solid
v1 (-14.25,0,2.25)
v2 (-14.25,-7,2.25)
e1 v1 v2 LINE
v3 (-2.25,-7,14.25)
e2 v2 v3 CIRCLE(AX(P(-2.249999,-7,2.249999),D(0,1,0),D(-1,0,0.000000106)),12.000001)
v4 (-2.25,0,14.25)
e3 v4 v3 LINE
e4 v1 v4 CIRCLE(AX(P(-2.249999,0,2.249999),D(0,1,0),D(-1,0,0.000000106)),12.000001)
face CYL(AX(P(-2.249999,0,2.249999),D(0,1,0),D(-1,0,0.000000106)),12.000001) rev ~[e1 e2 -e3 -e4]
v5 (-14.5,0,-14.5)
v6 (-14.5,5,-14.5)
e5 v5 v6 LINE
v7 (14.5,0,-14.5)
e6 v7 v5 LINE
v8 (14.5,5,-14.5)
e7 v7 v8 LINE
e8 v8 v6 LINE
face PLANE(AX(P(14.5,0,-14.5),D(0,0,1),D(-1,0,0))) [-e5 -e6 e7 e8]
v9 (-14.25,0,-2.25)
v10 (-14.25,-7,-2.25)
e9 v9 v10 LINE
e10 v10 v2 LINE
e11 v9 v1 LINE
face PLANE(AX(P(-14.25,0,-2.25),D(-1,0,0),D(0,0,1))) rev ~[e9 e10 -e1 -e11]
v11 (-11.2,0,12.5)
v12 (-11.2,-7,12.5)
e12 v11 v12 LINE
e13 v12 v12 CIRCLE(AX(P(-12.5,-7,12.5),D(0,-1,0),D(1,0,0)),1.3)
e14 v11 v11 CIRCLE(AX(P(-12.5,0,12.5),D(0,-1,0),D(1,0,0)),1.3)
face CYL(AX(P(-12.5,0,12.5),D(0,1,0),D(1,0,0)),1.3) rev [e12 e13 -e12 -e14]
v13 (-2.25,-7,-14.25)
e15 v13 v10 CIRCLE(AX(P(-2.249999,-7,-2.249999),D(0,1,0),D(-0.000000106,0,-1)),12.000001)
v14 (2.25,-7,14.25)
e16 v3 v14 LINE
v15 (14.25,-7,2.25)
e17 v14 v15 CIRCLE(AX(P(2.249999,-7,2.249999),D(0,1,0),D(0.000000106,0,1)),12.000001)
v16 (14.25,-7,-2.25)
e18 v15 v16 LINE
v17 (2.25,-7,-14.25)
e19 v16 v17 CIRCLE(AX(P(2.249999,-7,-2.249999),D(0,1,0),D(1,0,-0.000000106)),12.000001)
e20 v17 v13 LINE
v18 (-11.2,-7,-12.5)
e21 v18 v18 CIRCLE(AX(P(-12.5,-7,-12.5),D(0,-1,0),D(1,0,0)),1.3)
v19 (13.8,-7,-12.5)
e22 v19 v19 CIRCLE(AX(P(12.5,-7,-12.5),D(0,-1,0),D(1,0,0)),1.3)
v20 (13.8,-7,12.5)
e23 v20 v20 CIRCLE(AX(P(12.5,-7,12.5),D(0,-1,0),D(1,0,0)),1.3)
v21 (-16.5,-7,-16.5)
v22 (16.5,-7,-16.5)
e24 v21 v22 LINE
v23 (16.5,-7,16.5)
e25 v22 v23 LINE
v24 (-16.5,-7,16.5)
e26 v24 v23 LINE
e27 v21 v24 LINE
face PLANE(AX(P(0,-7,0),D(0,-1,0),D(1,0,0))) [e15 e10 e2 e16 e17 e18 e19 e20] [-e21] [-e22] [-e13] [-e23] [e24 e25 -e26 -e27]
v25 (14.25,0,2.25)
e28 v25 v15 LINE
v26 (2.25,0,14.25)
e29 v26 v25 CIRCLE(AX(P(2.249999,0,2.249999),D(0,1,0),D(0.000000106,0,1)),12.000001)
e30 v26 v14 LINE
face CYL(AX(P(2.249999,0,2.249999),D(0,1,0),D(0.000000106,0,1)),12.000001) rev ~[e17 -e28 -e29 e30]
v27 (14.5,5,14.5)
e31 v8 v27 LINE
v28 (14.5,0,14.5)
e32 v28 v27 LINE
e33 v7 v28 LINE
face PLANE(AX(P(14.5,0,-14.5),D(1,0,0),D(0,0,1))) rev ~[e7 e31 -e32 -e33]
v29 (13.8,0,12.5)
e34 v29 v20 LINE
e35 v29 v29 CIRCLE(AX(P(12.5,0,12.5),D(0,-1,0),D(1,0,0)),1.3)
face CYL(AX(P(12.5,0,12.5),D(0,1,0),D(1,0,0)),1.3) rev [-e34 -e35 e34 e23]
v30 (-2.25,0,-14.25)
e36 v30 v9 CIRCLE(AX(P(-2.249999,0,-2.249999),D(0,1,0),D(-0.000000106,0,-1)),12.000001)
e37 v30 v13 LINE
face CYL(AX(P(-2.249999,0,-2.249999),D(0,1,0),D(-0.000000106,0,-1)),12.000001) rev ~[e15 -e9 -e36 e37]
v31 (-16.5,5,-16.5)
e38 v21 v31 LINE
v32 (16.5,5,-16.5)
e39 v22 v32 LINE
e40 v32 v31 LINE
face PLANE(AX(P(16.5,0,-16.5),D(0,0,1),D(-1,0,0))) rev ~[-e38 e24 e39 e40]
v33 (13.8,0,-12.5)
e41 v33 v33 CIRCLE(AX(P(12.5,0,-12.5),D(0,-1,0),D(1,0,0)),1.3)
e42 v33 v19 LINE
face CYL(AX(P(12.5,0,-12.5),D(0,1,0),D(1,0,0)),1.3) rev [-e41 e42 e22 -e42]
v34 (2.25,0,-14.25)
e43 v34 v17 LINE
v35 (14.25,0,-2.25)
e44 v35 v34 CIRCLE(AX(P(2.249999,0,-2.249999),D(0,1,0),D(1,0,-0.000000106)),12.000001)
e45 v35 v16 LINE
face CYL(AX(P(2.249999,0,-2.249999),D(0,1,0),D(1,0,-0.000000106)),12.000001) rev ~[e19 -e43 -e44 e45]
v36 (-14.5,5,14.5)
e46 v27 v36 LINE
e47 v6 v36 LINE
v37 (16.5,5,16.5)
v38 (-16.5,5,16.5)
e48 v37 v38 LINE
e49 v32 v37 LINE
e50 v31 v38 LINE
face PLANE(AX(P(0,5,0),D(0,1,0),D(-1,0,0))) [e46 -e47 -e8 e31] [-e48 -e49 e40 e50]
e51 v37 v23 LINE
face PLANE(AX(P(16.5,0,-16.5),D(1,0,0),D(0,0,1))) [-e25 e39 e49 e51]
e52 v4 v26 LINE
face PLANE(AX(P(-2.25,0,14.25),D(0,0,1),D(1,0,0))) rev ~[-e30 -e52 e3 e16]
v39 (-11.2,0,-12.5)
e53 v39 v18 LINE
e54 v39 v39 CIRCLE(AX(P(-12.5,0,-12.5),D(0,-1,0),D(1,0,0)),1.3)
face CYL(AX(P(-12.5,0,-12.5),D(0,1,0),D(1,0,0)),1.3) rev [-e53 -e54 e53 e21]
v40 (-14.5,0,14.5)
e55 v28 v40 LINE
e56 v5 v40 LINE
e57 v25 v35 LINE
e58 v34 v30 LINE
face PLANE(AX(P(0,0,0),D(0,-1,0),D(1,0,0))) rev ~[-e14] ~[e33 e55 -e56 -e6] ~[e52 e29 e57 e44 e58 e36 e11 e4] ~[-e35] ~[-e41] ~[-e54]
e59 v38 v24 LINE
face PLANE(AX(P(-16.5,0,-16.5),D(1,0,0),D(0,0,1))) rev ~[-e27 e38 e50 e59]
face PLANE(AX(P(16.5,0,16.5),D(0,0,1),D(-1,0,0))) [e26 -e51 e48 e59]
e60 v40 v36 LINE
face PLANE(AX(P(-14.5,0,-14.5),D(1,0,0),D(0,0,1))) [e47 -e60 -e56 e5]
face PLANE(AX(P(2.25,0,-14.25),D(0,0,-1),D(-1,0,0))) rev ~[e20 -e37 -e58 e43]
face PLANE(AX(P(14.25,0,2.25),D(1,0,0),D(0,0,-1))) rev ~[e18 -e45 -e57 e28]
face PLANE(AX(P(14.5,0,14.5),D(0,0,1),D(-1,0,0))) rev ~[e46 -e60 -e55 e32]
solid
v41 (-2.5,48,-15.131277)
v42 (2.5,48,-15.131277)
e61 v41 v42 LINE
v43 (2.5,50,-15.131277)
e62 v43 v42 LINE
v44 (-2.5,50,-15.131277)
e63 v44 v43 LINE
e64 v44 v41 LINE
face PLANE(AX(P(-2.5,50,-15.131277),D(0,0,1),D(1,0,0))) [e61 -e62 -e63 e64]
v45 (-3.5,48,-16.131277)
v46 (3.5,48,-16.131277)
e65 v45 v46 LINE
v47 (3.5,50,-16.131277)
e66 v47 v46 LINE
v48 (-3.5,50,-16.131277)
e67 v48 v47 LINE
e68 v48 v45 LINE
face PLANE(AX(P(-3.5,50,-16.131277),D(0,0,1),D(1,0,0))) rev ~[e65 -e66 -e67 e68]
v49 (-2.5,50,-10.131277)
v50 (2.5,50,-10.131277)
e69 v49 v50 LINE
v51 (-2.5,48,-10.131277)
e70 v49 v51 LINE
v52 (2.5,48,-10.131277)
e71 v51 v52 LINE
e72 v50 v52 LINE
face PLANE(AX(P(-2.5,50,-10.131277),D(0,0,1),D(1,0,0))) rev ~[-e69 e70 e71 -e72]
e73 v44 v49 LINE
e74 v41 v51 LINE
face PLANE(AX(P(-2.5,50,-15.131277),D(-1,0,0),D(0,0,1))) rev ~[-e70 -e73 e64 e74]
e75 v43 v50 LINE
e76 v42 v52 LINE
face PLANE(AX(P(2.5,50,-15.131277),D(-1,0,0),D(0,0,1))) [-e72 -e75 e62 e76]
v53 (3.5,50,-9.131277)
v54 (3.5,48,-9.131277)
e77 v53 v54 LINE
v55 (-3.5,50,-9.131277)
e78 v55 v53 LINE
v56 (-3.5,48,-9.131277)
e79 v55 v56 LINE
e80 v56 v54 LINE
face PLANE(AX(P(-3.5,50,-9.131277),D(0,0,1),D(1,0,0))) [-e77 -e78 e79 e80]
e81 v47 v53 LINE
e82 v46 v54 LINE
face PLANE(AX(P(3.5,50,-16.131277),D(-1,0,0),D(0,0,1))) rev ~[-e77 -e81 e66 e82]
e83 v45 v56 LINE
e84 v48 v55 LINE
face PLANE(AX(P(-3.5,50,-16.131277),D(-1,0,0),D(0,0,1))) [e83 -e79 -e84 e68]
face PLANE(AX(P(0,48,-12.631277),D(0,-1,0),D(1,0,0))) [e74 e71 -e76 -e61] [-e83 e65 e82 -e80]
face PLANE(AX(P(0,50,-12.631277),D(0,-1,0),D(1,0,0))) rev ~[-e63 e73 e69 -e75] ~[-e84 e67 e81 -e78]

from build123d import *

# Parameters (mm, degrees)
F0_W     = 33
F0_H     = 33
F0_R     = 1.3
F2_DEPTH = 7
F3_W     = 33
F3_H     = 33
F3_W_2   = 29
F3_H_2   = 29
F4_DEPTH = 5
F5_W     = 7
F5_H     = 7
F5_W_2   = 5
F5_H_2   = 5
F6_DEPTH = 2


with BuildPart() as f2:
    # F0 (on Front) → F2 (new body)
    with BuildSketch(Plane.XZ):
        Rectangle(F0_W, F0_H)
        with Locations((-12.5, -12.5)):
            Circle(F0_R, mode=Mode.SUBTRACT)
        with Locations((12.5, -12.5)):
            Circle(F0_R, mode=Mode.SUBTRACT)
        with Locations((-12.5, 12.5)):
            Circle(F0_R, mode=Mode.SUBTRACT)
        with BuildLine():
            ThreePointArc((14.25, -2.25), (10.735281, -10.735281), (2.25, -14.25))
            Line((2.25, -14.25), (-2.25, -14.25))
            ThreePointArc((-2.25, -14.25), (-10.735281, -10.735281), (-14.25, -2.25))
            Line((-14.25, -2.25), (-14.25, 2.25))
            ThreePointArc((-14.25, 2.25), (-10.735281, 10.735281), (-2.25, 14.25))
            Line((-2.25, 14.25), (2.25, 14.25))
            ThreePointArc((2.25, 14.25), (10.735281, 10.735281), (14.25, 2.25))
            Line((14.25, 2.25), (14.25, -2.25))
        make_face(mode=Mode.SUBTRACT)
        with Locations((12.5, 12.5)):
            Circle(F0_R, mode=Mode.SUBTRACT)
    extrude(amount=F2_DEPTH)

    # F3 (on face) → F4 (join)
    with BuildSketch(Plane(origin=(0, 0, 0), x_dir=(-1, 0, 0), z_dir=(0, 1, 0))):
        Rectangle(F3_W, F3_H)
        Rectangle(F3_W_2, F3_H_2, mode=Mode.SUBTRACT)
    extrude(amount=F4_DEPTH)


with BuildPart() as f6:
    # F5 (on offset) → F6 (new body)
    with BuildSketch(Plane.XZ.offset(-50)):
        with Locations((0, -12.631277)):
            Rectangle(F5_W, F5_H)
        with Locations((0, -12.631277)):
            Rectangle(F5_W_2, F5_H_2, mode=Mode.SUBTRACT)
    extrude(amount=F6_DEPTH)


solid = Compound([f2.part, f6.part])
